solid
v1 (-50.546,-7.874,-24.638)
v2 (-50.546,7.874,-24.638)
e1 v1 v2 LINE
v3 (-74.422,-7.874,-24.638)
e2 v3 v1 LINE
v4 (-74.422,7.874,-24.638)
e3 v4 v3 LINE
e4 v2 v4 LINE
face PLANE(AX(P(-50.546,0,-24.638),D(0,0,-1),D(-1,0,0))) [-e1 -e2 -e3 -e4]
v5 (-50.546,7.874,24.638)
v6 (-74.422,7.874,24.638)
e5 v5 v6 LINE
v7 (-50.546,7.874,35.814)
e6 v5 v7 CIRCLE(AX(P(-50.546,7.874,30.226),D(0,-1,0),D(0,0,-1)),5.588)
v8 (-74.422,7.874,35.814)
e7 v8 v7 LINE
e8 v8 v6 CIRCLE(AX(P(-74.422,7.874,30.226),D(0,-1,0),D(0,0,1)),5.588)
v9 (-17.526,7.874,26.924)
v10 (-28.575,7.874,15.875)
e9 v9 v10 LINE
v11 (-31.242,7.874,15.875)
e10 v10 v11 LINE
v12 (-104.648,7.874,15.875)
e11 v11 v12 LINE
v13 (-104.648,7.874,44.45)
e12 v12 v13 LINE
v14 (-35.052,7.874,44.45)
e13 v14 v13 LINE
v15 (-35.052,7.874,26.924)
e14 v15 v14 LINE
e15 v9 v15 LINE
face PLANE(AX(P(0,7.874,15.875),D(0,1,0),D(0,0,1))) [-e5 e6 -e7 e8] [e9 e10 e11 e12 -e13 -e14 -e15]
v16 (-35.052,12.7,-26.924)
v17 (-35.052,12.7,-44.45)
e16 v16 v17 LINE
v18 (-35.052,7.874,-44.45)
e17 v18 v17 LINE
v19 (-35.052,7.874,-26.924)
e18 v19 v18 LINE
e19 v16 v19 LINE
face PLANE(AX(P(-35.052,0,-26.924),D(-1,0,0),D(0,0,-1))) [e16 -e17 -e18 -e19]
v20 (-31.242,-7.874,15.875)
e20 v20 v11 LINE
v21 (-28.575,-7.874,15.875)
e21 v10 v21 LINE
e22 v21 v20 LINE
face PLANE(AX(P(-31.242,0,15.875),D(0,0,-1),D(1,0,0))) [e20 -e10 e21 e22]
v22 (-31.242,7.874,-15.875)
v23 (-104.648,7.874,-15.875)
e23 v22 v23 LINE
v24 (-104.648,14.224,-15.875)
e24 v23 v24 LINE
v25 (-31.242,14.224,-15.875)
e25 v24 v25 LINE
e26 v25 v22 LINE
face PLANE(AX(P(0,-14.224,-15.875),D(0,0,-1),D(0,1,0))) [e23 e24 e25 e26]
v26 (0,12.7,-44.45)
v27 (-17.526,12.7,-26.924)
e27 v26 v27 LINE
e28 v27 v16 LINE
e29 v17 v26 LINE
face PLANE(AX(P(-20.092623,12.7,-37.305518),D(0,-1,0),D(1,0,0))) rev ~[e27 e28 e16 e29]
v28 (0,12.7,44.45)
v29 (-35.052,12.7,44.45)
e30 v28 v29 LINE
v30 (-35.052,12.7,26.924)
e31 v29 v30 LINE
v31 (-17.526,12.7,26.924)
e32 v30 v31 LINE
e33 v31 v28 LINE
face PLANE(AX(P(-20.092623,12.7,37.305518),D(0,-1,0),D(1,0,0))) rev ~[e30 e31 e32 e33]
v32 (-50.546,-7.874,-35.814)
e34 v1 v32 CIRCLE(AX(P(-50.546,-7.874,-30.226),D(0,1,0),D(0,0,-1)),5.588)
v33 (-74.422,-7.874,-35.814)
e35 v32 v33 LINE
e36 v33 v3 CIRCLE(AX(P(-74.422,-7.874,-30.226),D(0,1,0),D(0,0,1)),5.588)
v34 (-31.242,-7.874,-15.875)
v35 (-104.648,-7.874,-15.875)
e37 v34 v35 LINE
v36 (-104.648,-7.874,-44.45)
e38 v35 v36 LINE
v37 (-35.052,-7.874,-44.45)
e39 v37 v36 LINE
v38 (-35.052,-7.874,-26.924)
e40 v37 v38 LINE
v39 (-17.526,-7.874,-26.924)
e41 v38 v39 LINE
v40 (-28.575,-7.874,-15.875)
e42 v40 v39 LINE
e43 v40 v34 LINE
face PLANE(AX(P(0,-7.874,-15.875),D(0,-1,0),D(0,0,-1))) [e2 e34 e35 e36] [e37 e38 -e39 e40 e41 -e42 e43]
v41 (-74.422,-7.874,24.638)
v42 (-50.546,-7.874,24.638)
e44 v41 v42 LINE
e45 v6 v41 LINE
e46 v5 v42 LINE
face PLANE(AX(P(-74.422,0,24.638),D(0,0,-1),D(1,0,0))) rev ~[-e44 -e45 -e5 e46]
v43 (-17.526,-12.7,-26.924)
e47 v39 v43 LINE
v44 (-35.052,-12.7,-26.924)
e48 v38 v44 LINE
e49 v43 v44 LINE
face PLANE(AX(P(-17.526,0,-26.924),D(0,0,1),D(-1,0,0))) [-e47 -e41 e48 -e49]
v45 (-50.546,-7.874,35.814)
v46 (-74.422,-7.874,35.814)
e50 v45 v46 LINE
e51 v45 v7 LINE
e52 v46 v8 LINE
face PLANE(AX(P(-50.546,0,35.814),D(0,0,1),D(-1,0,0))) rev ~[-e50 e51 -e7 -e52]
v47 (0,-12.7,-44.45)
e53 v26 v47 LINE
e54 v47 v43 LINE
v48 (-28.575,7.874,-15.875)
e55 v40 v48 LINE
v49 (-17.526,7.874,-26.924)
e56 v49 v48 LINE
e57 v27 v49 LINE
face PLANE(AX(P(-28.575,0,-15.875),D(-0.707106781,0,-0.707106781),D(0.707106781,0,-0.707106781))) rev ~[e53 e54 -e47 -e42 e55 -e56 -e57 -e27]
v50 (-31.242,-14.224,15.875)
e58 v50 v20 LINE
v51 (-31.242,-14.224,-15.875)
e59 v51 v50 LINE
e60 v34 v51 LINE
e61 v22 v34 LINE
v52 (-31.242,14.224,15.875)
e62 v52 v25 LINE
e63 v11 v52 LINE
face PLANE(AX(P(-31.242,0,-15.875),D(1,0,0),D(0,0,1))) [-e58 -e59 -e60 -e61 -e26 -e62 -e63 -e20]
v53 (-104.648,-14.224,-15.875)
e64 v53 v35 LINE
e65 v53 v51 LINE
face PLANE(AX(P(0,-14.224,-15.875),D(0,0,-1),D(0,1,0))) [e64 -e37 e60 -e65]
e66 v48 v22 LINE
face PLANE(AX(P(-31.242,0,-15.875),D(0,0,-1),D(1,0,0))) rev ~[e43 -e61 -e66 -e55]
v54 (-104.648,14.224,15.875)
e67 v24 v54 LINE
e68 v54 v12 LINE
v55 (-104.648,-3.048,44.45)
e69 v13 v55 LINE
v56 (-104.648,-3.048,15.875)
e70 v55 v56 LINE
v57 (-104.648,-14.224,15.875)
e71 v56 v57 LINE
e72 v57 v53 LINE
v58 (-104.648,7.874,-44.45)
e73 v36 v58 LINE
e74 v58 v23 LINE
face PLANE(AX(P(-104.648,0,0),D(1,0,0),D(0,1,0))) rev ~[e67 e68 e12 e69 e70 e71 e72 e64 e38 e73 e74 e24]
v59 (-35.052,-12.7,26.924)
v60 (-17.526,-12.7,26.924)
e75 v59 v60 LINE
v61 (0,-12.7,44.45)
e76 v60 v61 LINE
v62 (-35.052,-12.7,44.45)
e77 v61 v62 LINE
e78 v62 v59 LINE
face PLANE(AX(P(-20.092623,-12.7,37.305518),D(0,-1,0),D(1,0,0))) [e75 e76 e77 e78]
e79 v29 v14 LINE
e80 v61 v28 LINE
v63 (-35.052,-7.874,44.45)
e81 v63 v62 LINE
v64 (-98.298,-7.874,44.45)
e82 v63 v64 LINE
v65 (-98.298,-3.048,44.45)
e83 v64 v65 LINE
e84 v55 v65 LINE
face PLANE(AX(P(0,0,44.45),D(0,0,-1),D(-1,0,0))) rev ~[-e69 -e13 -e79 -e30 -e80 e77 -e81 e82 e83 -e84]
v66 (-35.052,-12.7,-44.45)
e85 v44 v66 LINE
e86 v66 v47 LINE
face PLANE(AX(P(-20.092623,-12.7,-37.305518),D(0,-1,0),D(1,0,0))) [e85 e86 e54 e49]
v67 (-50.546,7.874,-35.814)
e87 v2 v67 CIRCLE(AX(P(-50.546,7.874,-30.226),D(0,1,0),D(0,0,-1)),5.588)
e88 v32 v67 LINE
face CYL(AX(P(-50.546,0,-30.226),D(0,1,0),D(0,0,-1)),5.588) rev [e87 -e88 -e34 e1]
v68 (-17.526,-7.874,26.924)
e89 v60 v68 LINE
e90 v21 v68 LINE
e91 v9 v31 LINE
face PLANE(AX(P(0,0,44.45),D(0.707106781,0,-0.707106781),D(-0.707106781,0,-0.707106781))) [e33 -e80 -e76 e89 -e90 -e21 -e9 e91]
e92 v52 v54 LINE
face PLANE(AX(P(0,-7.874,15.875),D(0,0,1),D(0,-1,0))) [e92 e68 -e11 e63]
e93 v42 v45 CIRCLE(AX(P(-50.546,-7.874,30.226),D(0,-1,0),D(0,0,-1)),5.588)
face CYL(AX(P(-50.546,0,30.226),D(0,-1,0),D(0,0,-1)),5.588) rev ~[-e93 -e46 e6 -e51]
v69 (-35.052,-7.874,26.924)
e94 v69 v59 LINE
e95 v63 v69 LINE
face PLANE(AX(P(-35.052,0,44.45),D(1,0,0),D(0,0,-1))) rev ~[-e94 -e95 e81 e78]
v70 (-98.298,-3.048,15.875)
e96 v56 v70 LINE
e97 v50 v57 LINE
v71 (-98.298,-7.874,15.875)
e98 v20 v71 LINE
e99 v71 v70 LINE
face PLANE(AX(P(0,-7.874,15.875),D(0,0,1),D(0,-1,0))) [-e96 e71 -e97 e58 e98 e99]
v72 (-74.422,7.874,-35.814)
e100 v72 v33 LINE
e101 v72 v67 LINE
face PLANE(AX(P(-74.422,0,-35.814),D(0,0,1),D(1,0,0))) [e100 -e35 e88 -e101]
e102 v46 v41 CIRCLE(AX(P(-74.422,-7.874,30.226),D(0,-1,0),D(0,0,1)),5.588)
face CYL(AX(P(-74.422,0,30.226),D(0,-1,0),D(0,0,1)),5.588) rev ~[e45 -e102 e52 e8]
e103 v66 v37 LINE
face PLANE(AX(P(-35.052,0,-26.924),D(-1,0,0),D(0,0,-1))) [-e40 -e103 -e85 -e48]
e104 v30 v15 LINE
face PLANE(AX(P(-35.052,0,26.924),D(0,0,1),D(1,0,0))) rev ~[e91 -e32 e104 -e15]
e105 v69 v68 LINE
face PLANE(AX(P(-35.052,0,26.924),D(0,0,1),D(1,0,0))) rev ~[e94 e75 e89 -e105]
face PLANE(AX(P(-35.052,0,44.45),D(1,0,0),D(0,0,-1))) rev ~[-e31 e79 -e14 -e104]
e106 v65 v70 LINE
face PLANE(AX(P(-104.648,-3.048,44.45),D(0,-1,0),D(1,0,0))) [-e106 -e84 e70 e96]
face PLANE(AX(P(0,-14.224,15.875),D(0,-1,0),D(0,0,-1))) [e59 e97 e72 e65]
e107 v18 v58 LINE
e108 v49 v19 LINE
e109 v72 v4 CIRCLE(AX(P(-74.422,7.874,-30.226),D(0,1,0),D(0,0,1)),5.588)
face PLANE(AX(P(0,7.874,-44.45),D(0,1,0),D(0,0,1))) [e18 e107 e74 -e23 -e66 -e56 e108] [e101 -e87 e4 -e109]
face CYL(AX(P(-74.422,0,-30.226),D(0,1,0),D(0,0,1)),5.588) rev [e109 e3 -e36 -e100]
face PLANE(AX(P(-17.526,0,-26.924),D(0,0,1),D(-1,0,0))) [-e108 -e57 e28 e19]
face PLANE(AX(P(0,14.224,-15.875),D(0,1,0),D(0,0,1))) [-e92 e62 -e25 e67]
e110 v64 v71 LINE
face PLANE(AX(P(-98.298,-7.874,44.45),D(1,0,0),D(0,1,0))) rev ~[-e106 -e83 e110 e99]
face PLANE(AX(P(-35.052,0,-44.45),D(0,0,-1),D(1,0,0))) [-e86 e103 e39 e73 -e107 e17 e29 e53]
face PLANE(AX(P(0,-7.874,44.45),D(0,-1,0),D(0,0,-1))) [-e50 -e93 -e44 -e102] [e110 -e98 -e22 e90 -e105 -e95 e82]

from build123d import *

# Parameters (mm, degrees)
F1_DEPTH  = 104.648
F2_W      = 6.35
F2_H      = 4.826
F3_DEPTH  = 28.575
F5_DEPTH  = 68.58
F7_DEPTH  = 12.7
F11_DEPTH = 39.116
F12_W     = 31.242
F12_H     = 31.75
F13_DEPTH = 67.31


with BuildPart() as f1:
    # F0 (on Right) → F1 (new body)
    with BuildSketch(Plane.YZ):
        Polygon((-14.224, 15.875), (-14.224, 0), (-14.224, -15.875), (-7.874, -15.875), (-7.874, -44.45), (7.874, -44.45), (7.874, -15.875), (14.224, -15.875), (14.224, 0), (14.224, 15.875), (7.874, 15.875), (7.874, 44.45), (-7.874, 44.45), (-7.874, 15.875), align=None)
    extrude(amount=-F1_DEPTH)

    # F2 (on face) → F3 (cut, through all)
    with BuildSketch(Plane.XY.offset(44.45)):
        with Locations((-101.473, -5.461)):
            Rectangle(F2_W, F2_H)
    extrude(amount=-F3_DEPTH, mode=Mode.SUBTRACT)

    # F4 (on Front) → F5 (cut, symmetric)
    with BuildSketch(Plane.XZ):
        with BuildLine():
            Line((-50.546, -24.638), (-74.422, -24.638))
            ThreePointArc((-74.422, -24.638), (-80.01, -30.226), (-74.422, -35.814))
            Line((-74.422, -35.814), (-50.546, -35.814))
            ThreePointArc((-50.546, -35.814), (-44.958, -30.226), (-50.546, -24.638))
        make_face()
        with BuildLine():
            ThreePointArc((-74.422, 35.814), (-80.01, 30.226), (-74.422, 24.638))
            Line((-74.422, 24.638), (-50.546, 24.638))
            ThreePointArc((-50.546, 24.638), (-44.958, 30.226), (-50.546, 35.814))
            Line((-50.546, 35.814), (-74.422, 35.814))
        make_face()
    extrude(amount=F5_DEPTH, both=True, mode=Mode.SUBTRACT)


with BuildPart() as f7:
    # F6 (on Front) → F7 (new body, symmetric)
    with BuildSketch(Plane.XZ):
        Polygon((0, 44.45), (-35.052, 44.45), (-35.052, 26.924), (-17.526, 26.924), align=None)
        Polygon((0, -44.45), (-17.526, -26.924), (-35.052, -26.924), (-35.052, -44.45), align=None)
    extrude(amount=F7_DEPTH, both=True)

    # F8: union F1
    add(f1.part)

    # F10 (on Front) → F11 (cut, symmetric)
    with BuildSketch(Plane.XZ):
        Polygon((0, 44.45), (-17.526, 26.924), (-28.575, 15.875), (0, 15.875), align=None)
        Polygon((-28.575, -15.875), (-17.526, -26.924), (0, -44.45), (0, -15.875), align=None)
    extrude(amount=F11_DEPTH, both=True, mode=Mode.SUBTRACT)

    # F12 (on Front) → F13 (cut, symmetric)
    with BuildSketch(Plane.XZ):
        with Locations((-15.621, 0)):
            Rectangle(F12_W, F12_H)
    extrude(amount=F13_DEPTH, both=True, mode=Mode.SUBTRACT)


solid = f7.part
